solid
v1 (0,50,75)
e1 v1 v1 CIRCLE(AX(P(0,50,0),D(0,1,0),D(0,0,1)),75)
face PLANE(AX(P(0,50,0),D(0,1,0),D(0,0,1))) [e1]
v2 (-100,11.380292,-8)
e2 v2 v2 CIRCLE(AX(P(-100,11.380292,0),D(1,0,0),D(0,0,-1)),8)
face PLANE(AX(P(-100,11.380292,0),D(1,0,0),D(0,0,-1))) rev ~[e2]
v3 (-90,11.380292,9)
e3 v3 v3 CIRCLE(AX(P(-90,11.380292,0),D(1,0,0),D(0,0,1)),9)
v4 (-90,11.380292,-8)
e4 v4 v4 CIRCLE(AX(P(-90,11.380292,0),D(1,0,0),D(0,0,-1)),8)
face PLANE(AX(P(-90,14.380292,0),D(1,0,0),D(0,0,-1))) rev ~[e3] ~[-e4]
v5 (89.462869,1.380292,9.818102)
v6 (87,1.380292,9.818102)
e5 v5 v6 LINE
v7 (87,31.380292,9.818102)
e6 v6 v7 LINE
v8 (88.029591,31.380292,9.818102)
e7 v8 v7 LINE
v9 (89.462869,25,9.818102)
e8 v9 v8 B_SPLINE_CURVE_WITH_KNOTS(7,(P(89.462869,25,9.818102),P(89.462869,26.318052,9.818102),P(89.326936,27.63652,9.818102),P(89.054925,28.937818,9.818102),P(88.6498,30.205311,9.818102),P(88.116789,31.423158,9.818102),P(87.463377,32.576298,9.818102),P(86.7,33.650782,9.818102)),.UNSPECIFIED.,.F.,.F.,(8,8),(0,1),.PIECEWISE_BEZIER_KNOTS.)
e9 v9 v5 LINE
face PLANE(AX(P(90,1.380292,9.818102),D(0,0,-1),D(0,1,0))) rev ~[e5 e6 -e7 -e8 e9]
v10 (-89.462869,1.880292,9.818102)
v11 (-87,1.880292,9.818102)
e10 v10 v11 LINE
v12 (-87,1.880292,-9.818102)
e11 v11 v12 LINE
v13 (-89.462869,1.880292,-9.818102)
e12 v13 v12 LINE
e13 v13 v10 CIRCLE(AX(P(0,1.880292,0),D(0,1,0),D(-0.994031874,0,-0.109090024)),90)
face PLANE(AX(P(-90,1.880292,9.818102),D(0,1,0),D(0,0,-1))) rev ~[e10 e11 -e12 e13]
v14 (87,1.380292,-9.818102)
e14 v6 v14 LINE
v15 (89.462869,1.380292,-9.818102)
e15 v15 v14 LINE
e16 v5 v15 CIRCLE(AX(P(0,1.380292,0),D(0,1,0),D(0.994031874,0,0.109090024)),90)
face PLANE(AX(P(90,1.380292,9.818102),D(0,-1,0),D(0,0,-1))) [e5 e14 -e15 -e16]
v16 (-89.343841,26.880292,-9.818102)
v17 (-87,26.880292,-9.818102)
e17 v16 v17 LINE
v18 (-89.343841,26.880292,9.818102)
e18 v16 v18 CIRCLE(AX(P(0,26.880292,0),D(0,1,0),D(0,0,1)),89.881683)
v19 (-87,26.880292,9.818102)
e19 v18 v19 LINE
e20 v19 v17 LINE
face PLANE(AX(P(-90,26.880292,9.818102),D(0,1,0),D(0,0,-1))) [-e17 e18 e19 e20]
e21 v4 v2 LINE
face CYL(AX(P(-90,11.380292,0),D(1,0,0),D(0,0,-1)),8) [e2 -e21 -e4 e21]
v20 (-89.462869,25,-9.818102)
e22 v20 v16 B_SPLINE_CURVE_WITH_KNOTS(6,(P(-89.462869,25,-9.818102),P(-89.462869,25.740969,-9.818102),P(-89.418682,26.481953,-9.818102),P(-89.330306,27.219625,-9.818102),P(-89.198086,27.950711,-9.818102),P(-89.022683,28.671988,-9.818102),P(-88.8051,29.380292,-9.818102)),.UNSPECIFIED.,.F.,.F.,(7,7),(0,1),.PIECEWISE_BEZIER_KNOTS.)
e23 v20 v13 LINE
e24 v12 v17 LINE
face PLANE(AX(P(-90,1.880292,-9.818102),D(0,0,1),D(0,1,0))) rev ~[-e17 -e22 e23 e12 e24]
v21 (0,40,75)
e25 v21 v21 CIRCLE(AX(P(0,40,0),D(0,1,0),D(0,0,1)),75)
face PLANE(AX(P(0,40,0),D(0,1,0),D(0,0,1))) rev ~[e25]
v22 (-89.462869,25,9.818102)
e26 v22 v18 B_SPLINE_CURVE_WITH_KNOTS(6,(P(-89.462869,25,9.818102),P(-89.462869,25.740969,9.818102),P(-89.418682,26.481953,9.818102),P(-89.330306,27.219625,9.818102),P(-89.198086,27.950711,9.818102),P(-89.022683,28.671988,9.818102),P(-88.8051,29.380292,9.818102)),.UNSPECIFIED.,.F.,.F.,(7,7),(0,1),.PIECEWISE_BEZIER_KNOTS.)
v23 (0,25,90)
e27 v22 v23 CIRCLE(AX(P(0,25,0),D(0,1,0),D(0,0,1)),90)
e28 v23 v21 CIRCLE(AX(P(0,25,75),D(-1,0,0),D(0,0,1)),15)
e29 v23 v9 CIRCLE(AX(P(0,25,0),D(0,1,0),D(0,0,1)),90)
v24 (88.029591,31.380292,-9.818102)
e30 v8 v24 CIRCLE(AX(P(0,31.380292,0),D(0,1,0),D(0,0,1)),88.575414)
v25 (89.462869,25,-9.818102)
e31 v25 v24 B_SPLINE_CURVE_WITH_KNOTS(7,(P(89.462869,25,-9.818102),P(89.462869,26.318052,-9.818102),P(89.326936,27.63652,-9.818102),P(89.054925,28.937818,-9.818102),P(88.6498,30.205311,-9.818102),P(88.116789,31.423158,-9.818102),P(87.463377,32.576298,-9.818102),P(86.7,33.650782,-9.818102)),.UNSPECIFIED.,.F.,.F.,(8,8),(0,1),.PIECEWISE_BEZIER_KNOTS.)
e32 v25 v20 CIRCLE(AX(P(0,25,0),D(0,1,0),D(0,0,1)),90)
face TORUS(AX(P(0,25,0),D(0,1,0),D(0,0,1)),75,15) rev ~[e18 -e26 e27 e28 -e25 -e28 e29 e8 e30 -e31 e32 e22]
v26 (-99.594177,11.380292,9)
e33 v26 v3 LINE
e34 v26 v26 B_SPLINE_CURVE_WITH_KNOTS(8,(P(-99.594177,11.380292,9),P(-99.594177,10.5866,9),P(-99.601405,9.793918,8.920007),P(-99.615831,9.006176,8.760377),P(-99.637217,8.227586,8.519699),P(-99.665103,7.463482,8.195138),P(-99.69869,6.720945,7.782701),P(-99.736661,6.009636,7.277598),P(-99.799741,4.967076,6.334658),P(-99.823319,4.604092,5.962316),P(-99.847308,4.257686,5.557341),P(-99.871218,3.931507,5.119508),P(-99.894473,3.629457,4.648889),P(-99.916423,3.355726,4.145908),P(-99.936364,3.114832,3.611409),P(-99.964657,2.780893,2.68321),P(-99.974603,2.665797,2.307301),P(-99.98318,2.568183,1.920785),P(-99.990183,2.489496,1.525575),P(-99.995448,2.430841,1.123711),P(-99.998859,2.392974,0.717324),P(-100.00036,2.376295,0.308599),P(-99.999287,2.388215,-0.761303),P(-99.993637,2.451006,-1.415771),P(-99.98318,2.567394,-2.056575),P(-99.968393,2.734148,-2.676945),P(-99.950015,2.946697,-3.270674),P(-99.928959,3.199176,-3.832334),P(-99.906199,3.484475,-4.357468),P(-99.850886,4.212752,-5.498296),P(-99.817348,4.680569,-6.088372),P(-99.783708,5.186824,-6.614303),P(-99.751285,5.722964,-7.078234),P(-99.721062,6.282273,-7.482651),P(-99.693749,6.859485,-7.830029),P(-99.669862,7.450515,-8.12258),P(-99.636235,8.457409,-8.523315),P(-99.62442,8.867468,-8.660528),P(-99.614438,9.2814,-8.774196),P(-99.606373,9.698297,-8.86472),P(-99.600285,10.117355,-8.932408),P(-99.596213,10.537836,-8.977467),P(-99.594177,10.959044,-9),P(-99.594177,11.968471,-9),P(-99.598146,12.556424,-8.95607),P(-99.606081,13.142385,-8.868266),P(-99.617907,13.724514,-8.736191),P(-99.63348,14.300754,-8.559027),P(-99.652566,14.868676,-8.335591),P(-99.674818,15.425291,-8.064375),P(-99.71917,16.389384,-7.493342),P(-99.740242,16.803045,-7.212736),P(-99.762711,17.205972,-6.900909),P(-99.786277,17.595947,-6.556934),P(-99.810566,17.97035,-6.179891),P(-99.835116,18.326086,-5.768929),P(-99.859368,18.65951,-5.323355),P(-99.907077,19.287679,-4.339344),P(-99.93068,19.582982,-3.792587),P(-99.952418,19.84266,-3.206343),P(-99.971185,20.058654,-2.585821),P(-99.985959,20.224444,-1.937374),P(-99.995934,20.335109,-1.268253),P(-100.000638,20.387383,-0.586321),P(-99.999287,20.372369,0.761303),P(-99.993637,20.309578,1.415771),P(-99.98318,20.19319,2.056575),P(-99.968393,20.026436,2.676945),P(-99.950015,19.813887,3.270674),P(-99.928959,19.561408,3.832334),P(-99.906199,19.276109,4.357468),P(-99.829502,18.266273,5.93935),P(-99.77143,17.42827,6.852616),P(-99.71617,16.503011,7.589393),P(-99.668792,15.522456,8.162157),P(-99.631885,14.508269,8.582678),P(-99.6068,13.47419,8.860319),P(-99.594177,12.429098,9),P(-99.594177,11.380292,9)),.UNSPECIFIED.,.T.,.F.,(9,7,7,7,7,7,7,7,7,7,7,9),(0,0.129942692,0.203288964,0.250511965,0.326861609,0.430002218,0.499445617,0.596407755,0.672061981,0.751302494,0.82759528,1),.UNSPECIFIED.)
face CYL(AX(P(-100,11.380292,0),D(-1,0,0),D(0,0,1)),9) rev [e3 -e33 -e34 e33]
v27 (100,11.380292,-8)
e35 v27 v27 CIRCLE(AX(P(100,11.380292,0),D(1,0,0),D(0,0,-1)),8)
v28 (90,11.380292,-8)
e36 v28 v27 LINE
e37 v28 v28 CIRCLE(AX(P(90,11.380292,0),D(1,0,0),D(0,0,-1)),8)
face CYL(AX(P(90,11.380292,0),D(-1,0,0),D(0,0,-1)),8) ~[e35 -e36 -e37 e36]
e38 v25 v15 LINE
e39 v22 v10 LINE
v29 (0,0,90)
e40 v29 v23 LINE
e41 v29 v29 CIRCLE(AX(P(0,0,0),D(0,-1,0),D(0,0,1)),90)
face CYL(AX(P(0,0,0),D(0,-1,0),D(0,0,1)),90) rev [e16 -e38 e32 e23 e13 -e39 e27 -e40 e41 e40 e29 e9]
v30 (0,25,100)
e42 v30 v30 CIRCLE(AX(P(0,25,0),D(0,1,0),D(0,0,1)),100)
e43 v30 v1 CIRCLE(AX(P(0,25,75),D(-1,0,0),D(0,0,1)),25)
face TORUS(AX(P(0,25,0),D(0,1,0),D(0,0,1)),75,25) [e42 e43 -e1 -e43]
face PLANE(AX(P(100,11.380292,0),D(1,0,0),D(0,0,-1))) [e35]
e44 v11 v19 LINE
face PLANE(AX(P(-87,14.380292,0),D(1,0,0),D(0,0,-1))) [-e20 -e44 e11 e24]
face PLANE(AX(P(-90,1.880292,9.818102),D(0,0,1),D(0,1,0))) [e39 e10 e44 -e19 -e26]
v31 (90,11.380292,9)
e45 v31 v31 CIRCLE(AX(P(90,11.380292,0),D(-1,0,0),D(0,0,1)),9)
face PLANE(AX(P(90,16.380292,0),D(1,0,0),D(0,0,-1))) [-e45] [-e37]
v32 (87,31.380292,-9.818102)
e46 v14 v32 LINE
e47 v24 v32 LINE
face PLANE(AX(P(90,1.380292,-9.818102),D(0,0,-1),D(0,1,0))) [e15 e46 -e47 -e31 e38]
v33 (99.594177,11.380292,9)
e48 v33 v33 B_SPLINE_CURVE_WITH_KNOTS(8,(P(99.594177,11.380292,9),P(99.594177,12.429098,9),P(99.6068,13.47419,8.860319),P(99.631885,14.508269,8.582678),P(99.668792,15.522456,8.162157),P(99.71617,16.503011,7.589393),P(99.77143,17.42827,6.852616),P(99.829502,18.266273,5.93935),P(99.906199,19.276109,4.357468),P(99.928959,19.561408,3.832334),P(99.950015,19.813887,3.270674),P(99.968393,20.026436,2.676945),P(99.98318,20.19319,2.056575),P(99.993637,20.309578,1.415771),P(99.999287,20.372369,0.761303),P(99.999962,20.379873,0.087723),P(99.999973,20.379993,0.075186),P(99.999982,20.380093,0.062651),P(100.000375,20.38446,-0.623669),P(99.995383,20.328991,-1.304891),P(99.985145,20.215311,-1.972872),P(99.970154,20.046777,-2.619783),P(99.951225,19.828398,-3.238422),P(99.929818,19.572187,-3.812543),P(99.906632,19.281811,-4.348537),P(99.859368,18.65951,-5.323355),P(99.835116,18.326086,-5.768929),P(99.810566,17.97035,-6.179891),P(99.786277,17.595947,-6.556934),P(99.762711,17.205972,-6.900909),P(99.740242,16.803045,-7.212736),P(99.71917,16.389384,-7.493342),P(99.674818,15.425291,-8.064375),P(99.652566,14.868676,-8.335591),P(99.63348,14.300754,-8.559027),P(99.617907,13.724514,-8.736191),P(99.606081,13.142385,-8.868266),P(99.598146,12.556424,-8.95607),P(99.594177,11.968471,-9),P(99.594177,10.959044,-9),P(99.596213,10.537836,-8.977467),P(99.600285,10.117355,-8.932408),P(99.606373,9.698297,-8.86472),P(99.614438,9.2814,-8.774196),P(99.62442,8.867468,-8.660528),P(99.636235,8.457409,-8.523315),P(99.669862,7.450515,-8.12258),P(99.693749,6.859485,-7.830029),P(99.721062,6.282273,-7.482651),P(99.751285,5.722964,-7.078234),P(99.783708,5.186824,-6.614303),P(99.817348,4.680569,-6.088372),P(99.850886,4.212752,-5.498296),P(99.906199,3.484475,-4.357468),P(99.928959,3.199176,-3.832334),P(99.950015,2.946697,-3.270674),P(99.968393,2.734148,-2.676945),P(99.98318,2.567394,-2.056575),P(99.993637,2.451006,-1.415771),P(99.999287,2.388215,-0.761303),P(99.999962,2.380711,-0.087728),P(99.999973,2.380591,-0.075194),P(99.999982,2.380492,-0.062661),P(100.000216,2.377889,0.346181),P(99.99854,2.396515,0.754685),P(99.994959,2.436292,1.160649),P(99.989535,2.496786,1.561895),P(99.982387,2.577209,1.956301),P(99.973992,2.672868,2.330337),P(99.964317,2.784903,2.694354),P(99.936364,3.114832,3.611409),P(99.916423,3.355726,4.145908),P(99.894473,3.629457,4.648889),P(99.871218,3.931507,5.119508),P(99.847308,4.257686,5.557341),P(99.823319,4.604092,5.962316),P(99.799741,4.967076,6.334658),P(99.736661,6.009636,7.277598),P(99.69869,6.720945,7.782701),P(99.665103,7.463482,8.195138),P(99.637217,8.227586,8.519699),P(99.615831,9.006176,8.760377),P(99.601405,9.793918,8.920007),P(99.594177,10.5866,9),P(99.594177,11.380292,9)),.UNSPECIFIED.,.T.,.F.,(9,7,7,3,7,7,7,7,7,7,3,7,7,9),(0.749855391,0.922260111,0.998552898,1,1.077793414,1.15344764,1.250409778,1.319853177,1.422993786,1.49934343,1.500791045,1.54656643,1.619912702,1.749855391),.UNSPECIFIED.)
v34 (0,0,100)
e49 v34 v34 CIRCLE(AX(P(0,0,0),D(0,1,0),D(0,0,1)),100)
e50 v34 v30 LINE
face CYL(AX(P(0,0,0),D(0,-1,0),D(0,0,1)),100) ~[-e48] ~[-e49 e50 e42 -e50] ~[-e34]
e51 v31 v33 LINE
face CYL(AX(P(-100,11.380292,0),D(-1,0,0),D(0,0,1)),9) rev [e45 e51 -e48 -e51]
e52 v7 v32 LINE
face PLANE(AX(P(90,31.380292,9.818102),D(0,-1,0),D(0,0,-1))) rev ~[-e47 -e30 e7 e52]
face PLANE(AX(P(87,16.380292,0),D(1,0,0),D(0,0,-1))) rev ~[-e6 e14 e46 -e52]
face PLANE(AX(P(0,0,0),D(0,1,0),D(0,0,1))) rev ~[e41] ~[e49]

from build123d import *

# Parameters (mm, degrees)
SKETCH_1_R               = 100
EXTRUDE_1_DEPTH          = 50
FILLET_1_R               = 25
SHELL_1_T                = -10
CUT_EXTRUDE_1_DEPTH      = 100
CUT_EXTRUDE_1_DEPTH_BACK = 100
SKETCH_7_R               = 9
SKETCH_8_R               = 8
EXTRUDE_2_DEPTH          = 10
SKETCH_9_W               = 19.636204252
SKETCH_9_H               = 30
EXTRUDE_3_DEPTH          = 3
SKETCH_10_R              = 8
EXTRUDE_4_DEPTH          = 10
SKETCH_11_W              = 19.636204252
SKETCH_11_H              = 25
EXTRUDE_5_DEPTH          = 3


with BuildPart() as part:
    # 草图1 → 凸台-拉伸1 (new body)
    with BuildSketch(Plane(origin=(0, 0, 0), x_dir=(1, 0, 0), z_dir=(0, 1, 0))):
        Circle(SKETCH_1_R)
    extrude(amount=EXTRUDE_1_DEPTH)

    # 圆角1
    fillet_1_edges = [part.edges().sort_by_distance(p)[0] for p in [
        (-100, 50, 0),
    ]]
    fillet(fillet_1_edges, radius=FILLET_1_R)

    # 抽壳1
    shell_1_openings = [part.faces().sort_by_distance(p)[0] for p in [
        (0, 0, 0),
    ]]
    offset(amount=SHELL_1_T, openings=shell_1_openings, kind=Kind.INTERSECTION)

    # 草图7 → 切除-拉伸1 (cut, two sides: drawn at the far end of the back side and taken through both)
    with BuildSketch(Plane(origin=(0, 0, 0), x_dir=(0, 0, -1), z_dir=(1, 0, 0)).offset(-CUT_EXTRUDE_1_DEPTH_BACK)):
        with Locations((0, 11.380292073)):
            Circle(SKETCH_7_R)
    extrude(amount=CUT_EXTRUDE_1_DEPTH + CUT_EXTRUDE_1_DEPTH_BACK, mode=Mode.SUBTRACT)



with BuildPart() as body_2:
    # 草图8 → 凸台-拉伸2 (new body)
    with BuildSketch(Plane(origin=(90, 0, 0), x_dir=(0, 0, -1), z_dir=(1, 0, 0))):
        with Locations((0, 11.380292073)):
            Circle(SKETCH_8_R)
    extrude(amount=EXTRUDE_2_DEPTH)


with BuildPart() as part_1:
    add(part.part)

    add(body_2.part)  # 凸台-拉伸3 merges body 2
    # 草图9 → 凸台-拉伸3 (add)
    with BuildSketch(Plane(origin=(90, 0, 0), x_dir=(0, 0, -1), z_dir=(1, 0, 0))):
        with Locations((0, 16.380292073)):
            Rectangle(SKETCH_9_W, SKETCH_9_H)
    extrude(amount=-EXTRUDE_3_DEPTH)



with BuildPart() as body_2_2:
    # 草图10 → 凸台-拉伸4 (new body)
    with BuildSketch(Plane(origin=(-90, 0, 0), x_dir=(0, 0, -1), z_dir=(1, 0, 0))):
        with Locations((0, 11.380292073)):
            Circle(SKETCH_10_R)
    extrude(amount=-EXTRUDE_4_DEPTH)


with BuildPart() as part_2:
    add(part_1.part)

    add(body_2_2.part)  # 凸台-拉伸5 merges body 2 2
    # 草图11 → 凸台-拉伸5 (add)
    with BuildSketch(Plane(origin=(-90, 0, 0), x_dir=(0, 0, -1), z_dir=(1, 0, 0))):
        with Locations((0, 14.380292073)):
            Rectangle(SKETCH_11_W, SKETCH_11_H)
    extrude(amount=EXTRUDE_5_DEPTH)


solid = part_2.part
